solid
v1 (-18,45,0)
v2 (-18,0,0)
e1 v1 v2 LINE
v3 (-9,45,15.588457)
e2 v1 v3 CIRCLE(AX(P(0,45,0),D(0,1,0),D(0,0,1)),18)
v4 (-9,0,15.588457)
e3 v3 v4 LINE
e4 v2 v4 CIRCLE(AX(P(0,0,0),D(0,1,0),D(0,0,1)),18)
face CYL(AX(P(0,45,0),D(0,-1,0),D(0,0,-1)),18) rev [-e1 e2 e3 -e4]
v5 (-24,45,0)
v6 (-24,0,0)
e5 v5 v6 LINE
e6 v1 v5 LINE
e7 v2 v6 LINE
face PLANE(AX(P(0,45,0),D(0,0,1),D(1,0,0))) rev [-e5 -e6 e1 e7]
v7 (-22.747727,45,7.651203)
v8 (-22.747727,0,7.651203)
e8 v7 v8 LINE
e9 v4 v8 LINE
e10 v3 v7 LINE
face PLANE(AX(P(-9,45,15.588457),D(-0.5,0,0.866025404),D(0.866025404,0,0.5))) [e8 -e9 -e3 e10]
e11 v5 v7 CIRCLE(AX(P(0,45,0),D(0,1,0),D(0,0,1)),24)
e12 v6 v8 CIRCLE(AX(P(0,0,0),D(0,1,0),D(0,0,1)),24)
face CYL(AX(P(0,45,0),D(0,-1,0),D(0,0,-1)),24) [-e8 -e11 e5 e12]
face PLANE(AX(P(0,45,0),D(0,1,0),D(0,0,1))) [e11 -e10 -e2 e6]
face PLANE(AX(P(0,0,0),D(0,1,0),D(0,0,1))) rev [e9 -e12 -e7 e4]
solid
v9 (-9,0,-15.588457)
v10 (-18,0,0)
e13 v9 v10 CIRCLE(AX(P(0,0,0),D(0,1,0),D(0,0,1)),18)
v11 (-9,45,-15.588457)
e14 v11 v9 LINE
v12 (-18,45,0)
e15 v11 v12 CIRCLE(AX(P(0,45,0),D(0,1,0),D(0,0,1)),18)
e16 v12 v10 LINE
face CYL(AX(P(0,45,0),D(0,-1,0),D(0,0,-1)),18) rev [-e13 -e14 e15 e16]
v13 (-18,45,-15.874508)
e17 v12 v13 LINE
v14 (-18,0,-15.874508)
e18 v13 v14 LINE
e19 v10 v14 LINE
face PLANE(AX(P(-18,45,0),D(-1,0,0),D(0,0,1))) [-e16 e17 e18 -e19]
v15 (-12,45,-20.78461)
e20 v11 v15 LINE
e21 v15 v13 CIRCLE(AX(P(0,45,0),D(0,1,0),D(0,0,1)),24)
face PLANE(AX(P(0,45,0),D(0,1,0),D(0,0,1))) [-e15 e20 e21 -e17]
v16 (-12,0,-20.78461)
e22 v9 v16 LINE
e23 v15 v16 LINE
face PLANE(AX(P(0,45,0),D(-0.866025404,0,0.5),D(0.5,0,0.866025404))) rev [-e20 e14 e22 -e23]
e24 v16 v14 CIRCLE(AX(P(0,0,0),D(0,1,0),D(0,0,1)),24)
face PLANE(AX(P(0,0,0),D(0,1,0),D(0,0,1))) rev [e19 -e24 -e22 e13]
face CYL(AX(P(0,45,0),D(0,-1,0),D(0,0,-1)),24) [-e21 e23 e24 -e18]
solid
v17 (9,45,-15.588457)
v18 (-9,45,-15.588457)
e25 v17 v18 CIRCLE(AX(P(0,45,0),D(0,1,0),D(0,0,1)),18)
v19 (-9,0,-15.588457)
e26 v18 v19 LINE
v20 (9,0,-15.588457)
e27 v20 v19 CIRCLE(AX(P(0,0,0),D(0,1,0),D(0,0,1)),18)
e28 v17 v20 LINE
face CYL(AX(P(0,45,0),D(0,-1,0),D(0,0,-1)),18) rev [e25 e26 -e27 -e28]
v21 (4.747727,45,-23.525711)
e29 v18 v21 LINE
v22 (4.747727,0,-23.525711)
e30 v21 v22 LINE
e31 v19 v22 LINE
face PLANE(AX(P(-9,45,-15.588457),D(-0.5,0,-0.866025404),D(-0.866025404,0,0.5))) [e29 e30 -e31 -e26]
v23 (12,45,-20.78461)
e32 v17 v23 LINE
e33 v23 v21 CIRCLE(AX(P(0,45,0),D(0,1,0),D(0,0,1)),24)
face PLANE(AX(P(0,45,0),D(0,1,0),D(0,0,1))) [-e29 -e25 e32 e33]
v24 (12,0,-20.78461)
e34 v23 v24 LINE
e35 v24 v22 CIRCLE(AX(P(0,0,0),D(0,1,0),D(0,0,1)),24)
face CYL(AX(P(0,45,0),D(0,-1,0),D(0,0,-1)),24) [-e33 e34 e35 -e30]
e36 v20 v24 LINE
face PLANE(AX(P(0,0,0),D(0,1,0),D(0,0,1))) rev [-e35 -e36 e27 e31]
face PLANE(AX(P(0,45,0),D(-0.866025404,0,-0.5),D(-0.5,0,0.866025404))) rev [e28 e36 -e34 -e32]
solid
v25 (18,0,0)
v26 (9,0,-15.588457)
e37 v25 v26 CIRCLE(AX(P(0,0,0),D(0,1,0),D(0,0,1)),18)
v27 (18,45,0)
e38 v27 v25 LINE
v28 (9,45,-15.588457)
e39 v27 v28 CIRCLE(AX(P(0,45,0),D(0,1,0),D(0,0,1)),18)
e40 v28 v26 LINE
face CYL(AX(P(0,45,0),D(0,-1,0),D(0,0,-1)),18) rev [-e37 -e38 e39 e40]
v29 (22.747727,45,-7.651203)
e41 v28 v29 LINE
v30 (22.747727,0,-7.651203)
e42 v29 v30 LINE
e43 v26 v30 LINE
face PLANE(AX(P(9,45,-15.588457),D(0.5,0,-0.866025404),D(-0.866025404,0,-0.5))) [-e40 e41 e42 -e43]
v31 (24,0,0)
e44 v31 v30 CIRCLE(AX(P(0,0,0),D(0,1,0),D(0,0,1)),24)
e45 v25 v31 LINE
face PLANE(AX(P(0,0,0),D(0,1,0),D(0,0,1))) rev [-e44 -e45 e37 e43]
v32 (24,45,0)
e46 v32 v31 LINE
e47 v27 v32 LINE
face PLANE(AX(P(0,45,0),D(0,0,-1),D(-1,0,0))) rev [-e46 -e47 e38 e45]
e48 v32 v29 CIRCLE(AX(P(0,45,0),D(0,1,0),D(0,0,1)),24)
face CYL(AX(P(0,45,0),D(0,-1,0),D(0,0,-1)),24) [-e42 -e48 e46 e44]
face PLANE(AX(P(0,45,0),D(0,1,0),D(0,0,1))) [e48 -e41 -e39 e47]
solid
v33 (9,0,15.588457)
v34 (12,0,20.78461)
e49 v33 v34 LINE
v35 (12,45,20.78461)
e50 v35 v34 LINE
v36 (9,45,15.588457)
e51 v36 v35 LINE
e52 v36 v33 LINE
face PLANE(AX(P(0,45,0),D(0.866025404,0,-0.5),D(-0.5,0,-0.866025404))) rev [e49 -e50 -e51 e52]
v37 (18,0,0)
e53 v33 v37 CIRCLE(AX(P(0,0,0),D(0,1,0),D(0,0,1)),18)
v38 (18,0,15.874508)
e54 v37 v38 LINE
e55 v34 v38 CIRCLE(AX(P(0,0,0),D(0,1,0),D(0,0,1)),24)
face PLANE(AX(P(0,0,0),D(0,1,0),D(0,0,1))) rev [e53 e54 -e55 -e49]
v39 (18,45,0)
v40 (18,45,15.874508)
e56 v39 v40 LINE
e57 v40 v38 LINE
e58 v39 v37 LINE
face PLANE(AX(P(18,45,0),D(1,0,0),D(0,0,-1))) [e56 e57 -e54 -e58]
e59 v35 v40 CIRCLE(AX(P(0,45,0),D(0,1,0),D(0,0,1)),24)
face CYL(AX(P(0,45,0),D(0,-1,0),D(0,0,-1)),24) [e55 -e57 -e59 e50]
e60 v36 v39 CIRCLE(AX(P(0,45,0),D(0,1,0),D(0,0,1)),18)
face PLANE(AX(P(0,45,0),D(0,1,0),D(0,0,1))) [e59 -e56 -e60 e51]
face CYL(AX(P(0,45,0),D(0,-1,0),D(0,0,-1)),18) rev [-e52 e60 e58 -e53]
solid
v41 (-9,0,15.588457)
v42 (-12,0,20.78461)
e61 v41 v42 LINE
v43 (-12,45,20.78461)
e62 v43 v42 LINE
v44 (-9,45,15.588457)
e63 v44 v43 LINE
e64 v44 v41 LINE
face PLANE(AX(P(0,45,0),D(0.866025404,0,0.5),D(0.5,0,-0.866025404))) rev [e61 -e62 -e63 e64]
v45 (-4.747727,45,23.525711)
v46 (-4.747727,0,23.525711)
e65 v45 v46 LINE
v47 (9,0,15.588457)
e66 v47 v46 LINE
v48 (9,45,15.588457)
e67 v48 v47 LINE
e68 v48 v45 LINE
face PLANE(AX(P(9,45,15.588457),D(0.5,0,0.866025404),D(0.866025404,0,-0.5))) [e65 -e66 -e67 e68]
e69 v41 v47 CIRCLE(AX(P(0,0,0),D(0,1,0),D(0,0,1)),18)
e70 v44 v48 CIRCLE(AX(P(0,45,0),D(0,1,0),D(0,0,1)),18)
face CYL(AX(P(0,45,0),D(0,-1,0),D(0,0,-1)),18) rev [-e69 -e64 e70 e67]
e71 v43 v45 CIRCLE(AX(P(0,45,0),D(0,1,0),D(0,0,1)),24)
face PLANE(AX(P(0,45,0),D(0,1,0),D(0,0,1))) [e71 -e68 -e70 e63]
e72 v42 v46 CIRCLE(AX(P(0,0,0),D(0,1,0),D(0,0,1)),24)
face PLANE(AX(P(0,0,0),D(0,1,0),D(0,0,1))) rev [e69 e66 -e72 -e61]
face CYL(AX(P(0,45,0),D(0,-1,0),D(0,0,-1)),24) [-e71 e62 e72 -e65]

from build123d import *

# Parameters (mm, degrees)
BOSS_EXTRUDE1_DEPTH   = 45
BOSS_EXTRUDE1_2_DEPTH = 45
BOSS_EXTRUDE1_3_DEPTH = 45
BOSS_EXTRUDE1_4_DEPTH = 45
BOSS_EXTRUDE1_5_DEPTH = 45
BOSS_EXTRUDE1_6_DEPTH = 45


with BuildPart() as part:
    # Sketch1 → Boss-Extrude1 (new body)
    with BuildSketch(Plane(origin=(0, 0, 0), x_dir=(1, 0, 0), z_dir=(0, 1, 0))):
        with BuildLine():
            Line((-4.747727085, -23.525711201), (9, -15.588457268))
            ThreePointArc((9, -15.588457268), (0, -18), (-9, -15.588457268))
            Line((-9, -15.588457268), (-12, -20.784609691))
            ThreePointArc((-12, -20.784609691), (-8.485281374, -22.449944321), (-4.747727085, -23.525711201))
        make_face()
    extrude(amount=BOSS_EXTRUDE1_DEPTH)


with BuildPart() as body_2:
    # Sketch1 → Boss-Extrude1 2 (new body)
    with BuildSketch(Plane(origin=(0, 0, 0), x_dir=(1, 0, 0), z_dir=(0, 1, 0))):
        with BuildLine():
            Line((18, -15.874507866), (18, 0))
            ThreePointArc((18, 0), (15.588457268, -9), (9, -15.588457268))
            Line((9, -15.588457268), (12, -20.784609691))
            ThreePointArc((12, -20.784609691), (15.199581408, -18.573441389), (18, -15.874507866))
        make_face()
    extrude(amount=BOSS_EXTRUDE1_2_DEPTH)


with BuildPart() as body_3:
    # Sketch1 → Boss-Extrude1 3 (new body)
    with BuildSketch(Plane(origin=(0, 0, 0), x_dir=(1, 0, 0), z_dir=(0, 1, 0))):
        with BuildLine():
            ThreePointArc((9, 15.588457268), (15.588457268, 9), (18, 0))
            Line((18, 0), (24, 0))
            ThreePointArc((24, 0), (23.684862782, 3.876502932), (22.747727085, 7.651203335))
            Line((22.747727085, 7.651203335), (9, 15.588457268))
        make_face()
    extrude(amount=BOSS_EXTRUDE1_3_DEPTH)


with BuildPart() as body_4:
    # Sketch1 → Boss-Extrude1 4 (new body)
    with BuildSketch(Plane(origin=(0, 0, 0), x_dir=(1, 0, 0), z_dir=(0, 1, 0))):
        with BuildLine():
            ThreePointArc((-9, 15.588457268), (0, 18), (9, 15.588457268))
            Line((9, 15.588457268), (12, 20.784609691))
            ThreePointArc((12, 20.784609691), (8.485281374, 22.449944321), (4.747727085, 23.525711201))
            Line((4.747727085, 23.525711201), (-9, 15.588457268))
        make_face()
    extrude(amount=BOSS_EXTRUDE1_4_DEPTH)


with BuildPart() as body_5:
    # Sketch1 → Boss-Extrude1 5 (new body)
    with BuildSketch(Plane(origin=(0, 0, 0), x_dir=(1, 0, 0), z_dir=(0, 1, 0))):
        with BuildLine():
            ThreePointArc((-18, 0), (-15.588457268, 9), (-9, 15.588457268))
            Line((-9, 15.588457268), (-12, 20.784609691))
            ThreePointArc((-12, 20.784609691), (-15.199581408, 18.573441389), (-18, 15.874507866))
            Line((-18, 15.874507866), (-18, 0))
        make_face()
    extrude(amount=BOSS_EXTRUDE1_5_DEPTH)


with BuildPart() as body_6:
    # Sketch1 → Boss-Extrude1 6 (new body)
    with BuildSketch(Plane(origin=(0, 0, 0), x_dir=(1, 0, 0), z_dir=(0, 1, 0))):
        with BuildLine():
            Line((-22.747727085, -7.651203335), (-9, -15.588457268))
            ThreePointArc((-9, -15.588457268), (-15.588457268, -9), (-18, 0))
            Line((-18, 0), (-24, 0))
            ThreePointArc((-24, 0), (-23.684862782, -3.876502932), (-22.747727085, -7.651203335))
        make_face()
    extrude(amount=BOSS_EXTRUDE1_6_DEPTH)


solid = Compound([part.part, body_2.part, body_3.part, body_4.part, body_5.part, body_6.part])
